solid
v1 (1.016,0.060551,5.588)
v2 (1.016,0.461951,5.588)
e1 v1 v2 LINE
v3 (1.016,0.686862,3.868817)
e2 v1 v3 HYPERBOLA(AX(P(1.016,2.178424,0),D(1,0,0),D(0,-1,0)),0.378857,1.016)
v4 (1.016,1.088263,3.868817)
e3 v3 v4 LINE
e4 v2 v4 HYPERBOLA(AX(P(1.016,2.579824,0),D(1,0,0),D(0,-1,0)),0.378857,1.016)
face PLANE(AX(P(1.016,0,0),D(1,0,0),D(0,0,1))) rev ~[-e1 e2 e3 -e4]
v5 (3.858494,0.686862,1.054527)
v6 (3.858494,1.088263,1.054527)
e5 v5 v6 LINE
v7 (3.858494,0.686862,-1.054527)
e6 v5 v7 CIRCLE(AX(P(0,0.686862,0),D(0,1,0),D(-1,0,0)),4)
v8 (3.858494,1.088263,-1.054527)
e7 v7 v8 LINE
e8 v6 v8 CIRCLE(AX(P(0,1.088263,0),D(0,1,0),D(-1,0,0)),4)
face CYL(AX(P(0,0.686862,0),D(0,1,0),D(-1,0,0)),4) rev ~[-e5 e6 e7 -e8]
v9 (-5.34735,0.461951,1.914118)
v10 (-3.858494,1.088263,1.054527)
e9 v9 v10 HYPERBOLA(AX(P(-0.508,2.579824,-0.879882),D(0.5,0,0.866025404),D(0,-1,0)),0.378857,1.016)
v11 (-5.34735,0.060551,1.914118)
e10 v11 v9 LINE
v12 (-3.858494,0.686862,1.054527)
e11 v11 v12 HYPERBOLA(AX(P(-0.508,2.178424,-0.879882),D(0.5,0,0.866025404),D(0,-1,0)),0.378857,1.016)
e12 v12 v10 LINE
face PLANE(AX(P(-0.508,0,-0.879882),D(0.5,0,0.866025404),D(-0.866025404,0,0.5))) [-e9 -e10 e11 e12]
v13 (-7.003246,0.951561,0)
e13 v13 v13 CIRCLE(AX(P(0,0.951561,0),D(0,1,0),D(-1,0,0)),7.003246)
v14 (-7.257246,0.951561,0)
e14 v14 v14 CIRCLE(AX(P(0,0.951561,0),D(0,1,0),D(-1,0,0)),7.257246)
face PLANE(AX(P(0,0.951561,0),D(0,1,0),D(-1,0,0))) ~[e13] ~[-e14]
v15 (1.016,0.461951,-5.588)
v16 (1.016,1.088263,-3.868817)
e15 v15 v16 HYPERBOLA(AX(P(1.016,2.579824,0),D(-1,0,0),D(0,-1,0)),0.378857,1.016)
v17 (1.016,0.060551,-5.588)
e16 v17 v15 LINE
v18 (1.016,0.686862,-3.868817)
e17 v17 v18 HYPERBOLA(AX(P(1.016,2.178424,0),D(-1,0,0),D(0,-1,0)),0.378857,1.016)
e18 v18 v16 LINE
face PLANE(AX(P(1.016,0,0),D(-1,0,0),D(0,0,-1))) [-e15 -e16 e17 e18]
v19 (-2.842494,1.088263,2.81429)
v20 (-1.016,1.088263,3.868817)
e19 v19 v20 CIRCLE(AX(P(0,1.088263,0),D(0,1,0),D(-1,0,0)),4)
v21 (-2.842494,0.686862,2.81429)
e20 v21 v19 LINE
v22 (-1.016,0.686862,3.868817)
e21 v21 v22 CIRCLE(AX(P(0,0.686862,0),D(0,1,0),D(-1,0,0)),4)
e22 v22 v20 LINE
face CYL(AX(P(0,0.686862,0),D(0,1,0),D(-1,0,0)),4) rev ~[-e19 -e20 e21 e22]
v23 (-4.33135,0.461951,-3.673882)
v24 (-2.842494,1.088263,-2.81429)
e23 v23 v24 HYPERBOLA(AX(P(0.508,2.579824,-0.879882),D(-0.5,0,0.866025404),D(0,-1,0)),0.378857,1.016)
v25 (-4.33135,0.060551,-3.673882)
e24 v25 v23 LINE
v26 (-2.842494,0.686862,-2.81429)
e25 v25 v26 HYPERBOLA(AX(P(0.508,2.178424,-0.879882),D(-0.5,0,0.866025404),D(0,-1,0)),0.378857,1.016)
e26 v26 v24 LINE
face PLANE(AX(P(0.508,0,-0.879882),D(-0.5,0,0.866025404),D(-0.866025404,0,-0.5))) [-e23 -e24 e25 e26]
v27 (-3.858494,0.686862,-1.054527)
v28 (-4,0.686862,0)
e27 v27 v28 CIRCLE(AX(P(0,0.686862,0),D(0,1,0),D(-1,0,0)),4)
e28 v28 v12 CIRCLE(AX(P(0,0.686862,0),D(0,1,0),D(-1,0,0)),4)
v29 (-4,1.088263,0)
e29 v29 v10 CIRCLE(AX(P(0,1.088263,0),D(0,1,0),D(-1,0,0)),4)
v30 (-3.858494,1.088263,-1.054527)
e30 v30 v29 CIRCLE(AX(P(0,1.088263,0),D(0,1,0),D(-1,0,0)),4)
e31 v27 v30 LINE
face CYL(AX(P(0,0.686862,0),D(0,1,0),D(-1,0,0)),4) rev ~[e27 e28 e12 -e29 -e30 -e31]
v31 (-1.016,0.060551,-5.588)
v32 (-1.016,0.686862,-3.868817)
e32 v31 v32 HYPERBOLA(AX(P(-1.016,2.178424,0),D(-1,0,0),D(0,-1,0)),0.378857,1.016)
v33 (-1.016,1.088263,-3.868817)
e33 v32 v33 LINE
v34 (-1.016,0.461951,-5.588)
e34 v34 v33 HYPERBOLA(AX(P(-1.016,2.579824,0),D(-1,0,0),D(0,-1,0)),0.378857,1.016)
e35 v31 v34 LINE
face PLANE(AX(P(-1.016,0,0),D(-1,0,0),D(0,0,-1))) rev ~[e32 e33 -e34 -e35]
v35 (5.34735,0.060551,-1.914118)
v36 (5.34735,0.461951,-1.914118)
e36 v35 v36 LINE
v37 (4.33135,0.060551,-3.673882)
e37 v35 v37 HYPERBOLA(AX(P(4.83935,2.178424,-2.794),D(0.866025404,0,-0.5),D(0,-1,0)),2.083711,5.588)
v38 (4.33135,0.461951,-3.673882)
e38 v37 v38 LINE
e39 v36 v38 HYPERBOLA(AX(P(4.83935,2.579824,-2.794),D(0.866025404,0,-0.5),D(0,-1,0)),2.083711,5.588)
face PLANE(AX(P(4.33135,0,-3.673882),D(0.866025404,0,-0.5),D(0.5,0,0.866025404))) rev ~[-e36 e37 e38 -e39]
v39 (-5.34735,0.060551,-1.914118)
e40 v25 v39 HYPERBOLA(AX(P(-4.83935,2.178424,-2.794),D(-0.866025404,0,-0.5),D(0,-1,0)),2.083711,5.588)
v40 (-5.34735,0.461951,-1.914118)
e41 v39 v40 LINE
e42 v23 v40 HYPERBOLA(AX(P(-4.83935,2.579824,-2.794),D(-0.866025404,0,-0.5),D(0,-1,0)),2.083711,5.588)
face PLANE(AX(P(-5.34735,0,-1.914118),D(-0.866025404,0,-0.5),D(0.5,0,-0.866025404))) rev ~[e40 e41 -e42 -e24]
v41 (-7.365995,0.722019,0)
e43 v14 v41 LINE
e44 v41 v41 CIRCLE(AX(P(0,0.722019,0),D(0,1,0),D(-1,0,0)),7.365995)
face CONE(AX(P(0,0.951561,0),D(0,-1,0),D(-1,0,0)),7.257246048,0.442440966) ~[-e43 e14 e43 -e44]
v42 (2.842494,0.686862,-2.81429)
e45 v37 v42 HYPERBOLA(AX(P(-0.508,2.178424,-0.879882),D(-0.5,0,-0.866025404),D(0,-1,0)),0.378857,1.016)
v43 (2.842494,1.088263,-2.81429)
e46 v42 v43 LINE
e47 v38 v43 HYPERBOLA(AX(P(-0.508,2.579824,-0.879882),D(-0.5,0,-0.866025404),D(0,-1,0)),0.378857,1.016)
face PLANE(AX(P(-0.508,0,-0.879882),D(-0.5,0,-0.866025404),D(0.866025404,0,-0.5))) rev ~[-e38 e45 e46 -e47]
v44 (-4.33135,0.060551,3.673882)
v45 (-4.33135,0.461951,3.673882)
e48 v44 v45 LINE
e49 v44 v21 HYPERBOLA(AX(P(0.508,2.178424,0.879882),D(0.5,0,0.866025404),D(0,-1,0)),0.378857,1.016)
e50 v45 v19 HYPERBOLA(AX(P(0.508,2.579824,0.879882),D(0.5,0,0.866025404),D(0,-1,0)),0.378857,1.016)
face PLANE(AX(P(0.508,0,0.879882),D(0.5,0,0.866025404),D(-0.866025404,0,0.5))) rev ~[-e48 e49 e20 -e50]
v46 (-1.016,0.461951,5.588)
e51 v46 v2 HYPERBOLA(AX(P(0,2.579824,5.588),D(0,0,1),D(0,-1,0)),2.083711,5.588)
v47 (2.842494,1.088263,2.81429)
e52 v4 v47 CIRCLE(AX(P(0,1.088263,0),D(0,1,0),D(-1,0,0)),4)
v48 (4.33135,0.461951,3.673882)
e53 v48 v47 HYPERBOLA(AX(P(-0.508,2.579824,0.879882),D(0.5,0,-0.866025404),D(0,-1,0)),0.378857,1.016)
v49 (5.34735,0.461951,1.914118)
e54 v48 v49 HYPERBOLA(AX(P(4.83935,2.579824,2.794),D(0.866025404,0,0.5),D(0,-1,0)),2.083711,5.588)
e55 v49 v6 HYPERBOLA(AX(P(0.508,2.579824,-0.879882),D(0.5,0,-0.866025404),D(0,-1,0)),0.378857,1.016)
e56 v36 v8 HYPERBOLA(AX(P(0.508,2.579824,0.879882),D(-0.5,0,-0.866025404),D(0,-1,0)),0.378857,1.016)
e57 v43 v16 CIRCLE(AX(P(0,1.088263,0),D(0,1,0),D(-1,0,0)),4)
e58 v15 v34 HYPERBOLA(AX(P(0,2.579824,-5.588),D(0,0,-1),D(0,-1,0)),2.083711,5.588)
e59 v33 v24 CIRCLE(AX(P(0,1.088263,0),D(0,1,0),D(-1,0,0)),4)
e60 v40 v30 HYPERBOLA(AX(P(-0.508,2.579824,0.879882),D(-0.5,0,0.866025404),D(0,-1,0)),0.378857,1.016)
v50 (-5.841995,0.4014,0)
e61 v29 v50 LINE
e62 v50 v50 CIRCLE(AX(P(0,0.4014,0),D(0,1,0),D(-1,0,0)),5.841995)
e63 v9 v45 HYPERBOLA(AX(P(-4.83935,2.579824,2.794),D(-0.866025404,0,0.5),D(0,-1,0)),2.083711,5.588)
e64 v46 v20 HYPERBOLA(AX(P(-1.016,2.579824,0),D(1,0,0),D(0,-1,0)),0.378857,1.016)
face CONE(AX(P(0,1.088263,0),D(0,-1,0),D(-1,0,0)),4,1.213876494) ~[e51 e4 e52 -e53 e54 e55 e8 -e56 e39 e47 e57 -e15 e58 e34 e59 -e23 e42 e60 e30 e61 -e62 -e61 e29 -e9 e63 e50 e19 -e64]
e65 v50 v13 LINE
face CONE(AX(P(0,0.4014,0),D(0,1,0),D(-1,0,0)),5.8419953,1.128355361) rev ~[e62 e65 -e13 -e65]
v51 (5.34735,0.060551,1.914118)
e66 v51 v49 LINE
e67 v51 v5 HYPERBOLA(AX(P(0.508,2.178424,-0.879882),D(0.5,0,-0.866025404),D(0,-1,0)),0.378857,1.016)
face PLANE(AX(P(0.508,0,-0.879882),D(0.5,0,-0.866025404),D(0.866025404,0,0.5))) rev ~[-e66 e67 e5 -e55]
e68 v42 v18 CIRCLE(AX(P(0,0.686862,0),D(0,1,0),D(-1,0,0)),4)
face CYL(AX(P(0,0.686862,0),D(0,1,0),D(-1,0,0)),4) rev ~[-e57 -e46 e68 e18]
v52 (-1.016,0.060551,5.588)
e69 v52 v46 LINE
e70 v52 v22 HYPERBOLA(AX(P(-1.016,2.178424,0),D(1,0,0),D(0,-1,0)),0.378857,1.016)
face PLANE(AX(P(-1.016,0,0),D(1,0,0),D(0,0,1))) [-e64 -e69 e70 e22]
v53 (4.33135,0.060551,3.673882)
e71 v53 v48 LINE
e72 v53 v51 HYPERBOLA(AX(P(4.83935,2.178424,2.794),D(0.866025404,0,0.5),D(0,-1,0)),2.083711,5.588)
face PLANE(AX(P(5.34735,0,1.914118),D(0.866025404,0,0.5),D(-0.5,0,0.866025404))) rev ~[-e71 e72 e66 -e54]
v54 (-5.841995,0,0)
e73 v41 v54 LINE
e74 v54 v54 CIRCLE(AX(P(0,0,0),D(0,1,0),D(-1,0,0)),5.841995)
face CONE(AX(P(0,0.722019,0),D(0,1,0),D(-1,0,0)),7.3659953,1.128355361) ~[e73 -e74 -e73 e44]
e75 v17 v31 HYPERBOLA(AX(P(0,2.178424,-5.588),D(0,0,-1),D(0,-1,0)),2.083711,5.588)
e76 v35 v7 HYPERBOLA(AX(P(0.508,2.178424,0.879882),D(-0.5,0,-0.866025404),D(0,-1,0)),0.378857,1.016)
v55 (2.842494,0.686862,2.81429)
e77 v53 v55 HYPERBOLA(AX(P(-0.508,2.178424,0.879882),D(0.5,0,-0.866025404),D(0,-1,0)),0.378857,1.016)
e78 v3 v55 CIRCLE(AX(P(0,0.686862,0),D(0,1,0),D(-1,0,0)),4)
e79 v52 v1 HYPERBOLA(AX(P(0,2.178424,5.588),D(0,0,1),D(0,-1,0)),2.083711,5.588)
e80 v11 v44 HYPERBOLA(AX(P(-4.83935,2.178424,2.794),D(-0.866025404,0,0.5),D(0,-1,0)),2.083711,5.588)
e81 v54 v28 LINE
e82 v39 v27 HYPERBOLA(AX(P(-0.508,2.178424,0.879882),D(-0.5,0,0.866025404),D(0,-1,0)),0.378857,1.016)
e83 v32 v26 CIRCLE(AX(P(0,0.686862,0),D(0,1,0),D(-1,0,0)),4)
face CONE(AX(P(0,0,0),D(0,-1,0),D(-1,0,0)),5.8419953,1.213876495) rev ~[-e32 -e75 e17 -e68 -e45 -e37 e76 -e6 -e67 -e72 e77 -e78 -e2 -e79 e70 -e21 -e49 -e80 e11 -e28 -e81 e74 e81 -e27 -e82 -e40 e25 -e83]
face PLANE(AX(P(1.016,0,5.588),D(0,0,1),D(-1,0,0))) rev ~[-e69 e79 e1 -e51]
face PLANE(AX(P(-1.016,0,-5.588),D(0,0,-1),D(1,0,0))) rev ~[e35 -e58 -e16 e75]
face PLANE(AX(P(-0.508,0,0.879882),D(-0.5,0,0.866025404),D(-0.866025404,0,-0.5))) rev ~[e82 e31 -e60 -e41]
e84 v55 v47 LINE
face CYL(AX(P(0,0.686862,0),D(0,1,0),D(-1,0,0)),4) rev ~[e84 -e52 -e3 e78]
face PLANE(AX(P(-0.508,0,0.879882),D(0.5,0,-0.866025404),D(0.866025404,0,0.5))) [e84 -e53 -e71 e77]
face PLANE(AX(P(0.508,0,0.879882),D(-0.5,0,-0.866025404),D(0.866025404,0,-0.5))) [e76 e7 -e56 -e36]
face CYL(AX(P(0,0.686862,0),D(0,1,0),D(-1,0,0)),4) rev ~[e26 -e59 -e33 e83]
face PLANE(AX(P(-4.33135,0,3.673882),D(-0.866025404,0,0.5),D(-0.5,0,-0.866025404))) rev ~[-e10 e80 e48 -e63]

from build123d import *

# Parameters (mm, degrees)
SKETCH3_W         = 2.032
SKETCH3_H         = 5.588
EXTRUDE1_DEPTH    = 11.473781034
CIRPATTERN1_COUNT = 6


with BuildPart() as part:
    # Sketch2 → Revolve1 (revolve)
    with BuildSketch(Plane.XY):
        Polygon((-4, 1.088262662), (-5.8419953, 0.40140039), (-7.003246048, 0.951561432), (-7.257246048, 0.951561432), (-7.3659953, 0.722019279), (-5.8419953, 0), (-4, 0.686862271), align=None)
    revolve(axis=Axis((0, 0, 0), (0, 1, 0)))

    # Sketch3 → Extrude1 (cut, through all)
    with BuildSketch(Plane(origin=(0, 0, 0), x_dir=(1, 0, 0), z_dir=(0, 1, 0))):
        with Locations((0, 2.794)):
            Rectangle(SKETCH3_W, SKETCH3_H)
    extrude1 = extrude(amount=EXTRUDE1_DEPTH, mode=Mode.SUBTRACT)

    # CirPattern1: Extrude1 ×6 about axis
    cirpattern1_axis = Axis((0, 1.088262662, 0), (0, -1, 0))
    for i in range(1, CIRPATTERN1_COUNT):
        add(extrude1.rotate(cirpattern1_axis, i * 360 / CIRPATTERN1_COUNT), mode=Mode.SUBTRACT)


solid = part.part
